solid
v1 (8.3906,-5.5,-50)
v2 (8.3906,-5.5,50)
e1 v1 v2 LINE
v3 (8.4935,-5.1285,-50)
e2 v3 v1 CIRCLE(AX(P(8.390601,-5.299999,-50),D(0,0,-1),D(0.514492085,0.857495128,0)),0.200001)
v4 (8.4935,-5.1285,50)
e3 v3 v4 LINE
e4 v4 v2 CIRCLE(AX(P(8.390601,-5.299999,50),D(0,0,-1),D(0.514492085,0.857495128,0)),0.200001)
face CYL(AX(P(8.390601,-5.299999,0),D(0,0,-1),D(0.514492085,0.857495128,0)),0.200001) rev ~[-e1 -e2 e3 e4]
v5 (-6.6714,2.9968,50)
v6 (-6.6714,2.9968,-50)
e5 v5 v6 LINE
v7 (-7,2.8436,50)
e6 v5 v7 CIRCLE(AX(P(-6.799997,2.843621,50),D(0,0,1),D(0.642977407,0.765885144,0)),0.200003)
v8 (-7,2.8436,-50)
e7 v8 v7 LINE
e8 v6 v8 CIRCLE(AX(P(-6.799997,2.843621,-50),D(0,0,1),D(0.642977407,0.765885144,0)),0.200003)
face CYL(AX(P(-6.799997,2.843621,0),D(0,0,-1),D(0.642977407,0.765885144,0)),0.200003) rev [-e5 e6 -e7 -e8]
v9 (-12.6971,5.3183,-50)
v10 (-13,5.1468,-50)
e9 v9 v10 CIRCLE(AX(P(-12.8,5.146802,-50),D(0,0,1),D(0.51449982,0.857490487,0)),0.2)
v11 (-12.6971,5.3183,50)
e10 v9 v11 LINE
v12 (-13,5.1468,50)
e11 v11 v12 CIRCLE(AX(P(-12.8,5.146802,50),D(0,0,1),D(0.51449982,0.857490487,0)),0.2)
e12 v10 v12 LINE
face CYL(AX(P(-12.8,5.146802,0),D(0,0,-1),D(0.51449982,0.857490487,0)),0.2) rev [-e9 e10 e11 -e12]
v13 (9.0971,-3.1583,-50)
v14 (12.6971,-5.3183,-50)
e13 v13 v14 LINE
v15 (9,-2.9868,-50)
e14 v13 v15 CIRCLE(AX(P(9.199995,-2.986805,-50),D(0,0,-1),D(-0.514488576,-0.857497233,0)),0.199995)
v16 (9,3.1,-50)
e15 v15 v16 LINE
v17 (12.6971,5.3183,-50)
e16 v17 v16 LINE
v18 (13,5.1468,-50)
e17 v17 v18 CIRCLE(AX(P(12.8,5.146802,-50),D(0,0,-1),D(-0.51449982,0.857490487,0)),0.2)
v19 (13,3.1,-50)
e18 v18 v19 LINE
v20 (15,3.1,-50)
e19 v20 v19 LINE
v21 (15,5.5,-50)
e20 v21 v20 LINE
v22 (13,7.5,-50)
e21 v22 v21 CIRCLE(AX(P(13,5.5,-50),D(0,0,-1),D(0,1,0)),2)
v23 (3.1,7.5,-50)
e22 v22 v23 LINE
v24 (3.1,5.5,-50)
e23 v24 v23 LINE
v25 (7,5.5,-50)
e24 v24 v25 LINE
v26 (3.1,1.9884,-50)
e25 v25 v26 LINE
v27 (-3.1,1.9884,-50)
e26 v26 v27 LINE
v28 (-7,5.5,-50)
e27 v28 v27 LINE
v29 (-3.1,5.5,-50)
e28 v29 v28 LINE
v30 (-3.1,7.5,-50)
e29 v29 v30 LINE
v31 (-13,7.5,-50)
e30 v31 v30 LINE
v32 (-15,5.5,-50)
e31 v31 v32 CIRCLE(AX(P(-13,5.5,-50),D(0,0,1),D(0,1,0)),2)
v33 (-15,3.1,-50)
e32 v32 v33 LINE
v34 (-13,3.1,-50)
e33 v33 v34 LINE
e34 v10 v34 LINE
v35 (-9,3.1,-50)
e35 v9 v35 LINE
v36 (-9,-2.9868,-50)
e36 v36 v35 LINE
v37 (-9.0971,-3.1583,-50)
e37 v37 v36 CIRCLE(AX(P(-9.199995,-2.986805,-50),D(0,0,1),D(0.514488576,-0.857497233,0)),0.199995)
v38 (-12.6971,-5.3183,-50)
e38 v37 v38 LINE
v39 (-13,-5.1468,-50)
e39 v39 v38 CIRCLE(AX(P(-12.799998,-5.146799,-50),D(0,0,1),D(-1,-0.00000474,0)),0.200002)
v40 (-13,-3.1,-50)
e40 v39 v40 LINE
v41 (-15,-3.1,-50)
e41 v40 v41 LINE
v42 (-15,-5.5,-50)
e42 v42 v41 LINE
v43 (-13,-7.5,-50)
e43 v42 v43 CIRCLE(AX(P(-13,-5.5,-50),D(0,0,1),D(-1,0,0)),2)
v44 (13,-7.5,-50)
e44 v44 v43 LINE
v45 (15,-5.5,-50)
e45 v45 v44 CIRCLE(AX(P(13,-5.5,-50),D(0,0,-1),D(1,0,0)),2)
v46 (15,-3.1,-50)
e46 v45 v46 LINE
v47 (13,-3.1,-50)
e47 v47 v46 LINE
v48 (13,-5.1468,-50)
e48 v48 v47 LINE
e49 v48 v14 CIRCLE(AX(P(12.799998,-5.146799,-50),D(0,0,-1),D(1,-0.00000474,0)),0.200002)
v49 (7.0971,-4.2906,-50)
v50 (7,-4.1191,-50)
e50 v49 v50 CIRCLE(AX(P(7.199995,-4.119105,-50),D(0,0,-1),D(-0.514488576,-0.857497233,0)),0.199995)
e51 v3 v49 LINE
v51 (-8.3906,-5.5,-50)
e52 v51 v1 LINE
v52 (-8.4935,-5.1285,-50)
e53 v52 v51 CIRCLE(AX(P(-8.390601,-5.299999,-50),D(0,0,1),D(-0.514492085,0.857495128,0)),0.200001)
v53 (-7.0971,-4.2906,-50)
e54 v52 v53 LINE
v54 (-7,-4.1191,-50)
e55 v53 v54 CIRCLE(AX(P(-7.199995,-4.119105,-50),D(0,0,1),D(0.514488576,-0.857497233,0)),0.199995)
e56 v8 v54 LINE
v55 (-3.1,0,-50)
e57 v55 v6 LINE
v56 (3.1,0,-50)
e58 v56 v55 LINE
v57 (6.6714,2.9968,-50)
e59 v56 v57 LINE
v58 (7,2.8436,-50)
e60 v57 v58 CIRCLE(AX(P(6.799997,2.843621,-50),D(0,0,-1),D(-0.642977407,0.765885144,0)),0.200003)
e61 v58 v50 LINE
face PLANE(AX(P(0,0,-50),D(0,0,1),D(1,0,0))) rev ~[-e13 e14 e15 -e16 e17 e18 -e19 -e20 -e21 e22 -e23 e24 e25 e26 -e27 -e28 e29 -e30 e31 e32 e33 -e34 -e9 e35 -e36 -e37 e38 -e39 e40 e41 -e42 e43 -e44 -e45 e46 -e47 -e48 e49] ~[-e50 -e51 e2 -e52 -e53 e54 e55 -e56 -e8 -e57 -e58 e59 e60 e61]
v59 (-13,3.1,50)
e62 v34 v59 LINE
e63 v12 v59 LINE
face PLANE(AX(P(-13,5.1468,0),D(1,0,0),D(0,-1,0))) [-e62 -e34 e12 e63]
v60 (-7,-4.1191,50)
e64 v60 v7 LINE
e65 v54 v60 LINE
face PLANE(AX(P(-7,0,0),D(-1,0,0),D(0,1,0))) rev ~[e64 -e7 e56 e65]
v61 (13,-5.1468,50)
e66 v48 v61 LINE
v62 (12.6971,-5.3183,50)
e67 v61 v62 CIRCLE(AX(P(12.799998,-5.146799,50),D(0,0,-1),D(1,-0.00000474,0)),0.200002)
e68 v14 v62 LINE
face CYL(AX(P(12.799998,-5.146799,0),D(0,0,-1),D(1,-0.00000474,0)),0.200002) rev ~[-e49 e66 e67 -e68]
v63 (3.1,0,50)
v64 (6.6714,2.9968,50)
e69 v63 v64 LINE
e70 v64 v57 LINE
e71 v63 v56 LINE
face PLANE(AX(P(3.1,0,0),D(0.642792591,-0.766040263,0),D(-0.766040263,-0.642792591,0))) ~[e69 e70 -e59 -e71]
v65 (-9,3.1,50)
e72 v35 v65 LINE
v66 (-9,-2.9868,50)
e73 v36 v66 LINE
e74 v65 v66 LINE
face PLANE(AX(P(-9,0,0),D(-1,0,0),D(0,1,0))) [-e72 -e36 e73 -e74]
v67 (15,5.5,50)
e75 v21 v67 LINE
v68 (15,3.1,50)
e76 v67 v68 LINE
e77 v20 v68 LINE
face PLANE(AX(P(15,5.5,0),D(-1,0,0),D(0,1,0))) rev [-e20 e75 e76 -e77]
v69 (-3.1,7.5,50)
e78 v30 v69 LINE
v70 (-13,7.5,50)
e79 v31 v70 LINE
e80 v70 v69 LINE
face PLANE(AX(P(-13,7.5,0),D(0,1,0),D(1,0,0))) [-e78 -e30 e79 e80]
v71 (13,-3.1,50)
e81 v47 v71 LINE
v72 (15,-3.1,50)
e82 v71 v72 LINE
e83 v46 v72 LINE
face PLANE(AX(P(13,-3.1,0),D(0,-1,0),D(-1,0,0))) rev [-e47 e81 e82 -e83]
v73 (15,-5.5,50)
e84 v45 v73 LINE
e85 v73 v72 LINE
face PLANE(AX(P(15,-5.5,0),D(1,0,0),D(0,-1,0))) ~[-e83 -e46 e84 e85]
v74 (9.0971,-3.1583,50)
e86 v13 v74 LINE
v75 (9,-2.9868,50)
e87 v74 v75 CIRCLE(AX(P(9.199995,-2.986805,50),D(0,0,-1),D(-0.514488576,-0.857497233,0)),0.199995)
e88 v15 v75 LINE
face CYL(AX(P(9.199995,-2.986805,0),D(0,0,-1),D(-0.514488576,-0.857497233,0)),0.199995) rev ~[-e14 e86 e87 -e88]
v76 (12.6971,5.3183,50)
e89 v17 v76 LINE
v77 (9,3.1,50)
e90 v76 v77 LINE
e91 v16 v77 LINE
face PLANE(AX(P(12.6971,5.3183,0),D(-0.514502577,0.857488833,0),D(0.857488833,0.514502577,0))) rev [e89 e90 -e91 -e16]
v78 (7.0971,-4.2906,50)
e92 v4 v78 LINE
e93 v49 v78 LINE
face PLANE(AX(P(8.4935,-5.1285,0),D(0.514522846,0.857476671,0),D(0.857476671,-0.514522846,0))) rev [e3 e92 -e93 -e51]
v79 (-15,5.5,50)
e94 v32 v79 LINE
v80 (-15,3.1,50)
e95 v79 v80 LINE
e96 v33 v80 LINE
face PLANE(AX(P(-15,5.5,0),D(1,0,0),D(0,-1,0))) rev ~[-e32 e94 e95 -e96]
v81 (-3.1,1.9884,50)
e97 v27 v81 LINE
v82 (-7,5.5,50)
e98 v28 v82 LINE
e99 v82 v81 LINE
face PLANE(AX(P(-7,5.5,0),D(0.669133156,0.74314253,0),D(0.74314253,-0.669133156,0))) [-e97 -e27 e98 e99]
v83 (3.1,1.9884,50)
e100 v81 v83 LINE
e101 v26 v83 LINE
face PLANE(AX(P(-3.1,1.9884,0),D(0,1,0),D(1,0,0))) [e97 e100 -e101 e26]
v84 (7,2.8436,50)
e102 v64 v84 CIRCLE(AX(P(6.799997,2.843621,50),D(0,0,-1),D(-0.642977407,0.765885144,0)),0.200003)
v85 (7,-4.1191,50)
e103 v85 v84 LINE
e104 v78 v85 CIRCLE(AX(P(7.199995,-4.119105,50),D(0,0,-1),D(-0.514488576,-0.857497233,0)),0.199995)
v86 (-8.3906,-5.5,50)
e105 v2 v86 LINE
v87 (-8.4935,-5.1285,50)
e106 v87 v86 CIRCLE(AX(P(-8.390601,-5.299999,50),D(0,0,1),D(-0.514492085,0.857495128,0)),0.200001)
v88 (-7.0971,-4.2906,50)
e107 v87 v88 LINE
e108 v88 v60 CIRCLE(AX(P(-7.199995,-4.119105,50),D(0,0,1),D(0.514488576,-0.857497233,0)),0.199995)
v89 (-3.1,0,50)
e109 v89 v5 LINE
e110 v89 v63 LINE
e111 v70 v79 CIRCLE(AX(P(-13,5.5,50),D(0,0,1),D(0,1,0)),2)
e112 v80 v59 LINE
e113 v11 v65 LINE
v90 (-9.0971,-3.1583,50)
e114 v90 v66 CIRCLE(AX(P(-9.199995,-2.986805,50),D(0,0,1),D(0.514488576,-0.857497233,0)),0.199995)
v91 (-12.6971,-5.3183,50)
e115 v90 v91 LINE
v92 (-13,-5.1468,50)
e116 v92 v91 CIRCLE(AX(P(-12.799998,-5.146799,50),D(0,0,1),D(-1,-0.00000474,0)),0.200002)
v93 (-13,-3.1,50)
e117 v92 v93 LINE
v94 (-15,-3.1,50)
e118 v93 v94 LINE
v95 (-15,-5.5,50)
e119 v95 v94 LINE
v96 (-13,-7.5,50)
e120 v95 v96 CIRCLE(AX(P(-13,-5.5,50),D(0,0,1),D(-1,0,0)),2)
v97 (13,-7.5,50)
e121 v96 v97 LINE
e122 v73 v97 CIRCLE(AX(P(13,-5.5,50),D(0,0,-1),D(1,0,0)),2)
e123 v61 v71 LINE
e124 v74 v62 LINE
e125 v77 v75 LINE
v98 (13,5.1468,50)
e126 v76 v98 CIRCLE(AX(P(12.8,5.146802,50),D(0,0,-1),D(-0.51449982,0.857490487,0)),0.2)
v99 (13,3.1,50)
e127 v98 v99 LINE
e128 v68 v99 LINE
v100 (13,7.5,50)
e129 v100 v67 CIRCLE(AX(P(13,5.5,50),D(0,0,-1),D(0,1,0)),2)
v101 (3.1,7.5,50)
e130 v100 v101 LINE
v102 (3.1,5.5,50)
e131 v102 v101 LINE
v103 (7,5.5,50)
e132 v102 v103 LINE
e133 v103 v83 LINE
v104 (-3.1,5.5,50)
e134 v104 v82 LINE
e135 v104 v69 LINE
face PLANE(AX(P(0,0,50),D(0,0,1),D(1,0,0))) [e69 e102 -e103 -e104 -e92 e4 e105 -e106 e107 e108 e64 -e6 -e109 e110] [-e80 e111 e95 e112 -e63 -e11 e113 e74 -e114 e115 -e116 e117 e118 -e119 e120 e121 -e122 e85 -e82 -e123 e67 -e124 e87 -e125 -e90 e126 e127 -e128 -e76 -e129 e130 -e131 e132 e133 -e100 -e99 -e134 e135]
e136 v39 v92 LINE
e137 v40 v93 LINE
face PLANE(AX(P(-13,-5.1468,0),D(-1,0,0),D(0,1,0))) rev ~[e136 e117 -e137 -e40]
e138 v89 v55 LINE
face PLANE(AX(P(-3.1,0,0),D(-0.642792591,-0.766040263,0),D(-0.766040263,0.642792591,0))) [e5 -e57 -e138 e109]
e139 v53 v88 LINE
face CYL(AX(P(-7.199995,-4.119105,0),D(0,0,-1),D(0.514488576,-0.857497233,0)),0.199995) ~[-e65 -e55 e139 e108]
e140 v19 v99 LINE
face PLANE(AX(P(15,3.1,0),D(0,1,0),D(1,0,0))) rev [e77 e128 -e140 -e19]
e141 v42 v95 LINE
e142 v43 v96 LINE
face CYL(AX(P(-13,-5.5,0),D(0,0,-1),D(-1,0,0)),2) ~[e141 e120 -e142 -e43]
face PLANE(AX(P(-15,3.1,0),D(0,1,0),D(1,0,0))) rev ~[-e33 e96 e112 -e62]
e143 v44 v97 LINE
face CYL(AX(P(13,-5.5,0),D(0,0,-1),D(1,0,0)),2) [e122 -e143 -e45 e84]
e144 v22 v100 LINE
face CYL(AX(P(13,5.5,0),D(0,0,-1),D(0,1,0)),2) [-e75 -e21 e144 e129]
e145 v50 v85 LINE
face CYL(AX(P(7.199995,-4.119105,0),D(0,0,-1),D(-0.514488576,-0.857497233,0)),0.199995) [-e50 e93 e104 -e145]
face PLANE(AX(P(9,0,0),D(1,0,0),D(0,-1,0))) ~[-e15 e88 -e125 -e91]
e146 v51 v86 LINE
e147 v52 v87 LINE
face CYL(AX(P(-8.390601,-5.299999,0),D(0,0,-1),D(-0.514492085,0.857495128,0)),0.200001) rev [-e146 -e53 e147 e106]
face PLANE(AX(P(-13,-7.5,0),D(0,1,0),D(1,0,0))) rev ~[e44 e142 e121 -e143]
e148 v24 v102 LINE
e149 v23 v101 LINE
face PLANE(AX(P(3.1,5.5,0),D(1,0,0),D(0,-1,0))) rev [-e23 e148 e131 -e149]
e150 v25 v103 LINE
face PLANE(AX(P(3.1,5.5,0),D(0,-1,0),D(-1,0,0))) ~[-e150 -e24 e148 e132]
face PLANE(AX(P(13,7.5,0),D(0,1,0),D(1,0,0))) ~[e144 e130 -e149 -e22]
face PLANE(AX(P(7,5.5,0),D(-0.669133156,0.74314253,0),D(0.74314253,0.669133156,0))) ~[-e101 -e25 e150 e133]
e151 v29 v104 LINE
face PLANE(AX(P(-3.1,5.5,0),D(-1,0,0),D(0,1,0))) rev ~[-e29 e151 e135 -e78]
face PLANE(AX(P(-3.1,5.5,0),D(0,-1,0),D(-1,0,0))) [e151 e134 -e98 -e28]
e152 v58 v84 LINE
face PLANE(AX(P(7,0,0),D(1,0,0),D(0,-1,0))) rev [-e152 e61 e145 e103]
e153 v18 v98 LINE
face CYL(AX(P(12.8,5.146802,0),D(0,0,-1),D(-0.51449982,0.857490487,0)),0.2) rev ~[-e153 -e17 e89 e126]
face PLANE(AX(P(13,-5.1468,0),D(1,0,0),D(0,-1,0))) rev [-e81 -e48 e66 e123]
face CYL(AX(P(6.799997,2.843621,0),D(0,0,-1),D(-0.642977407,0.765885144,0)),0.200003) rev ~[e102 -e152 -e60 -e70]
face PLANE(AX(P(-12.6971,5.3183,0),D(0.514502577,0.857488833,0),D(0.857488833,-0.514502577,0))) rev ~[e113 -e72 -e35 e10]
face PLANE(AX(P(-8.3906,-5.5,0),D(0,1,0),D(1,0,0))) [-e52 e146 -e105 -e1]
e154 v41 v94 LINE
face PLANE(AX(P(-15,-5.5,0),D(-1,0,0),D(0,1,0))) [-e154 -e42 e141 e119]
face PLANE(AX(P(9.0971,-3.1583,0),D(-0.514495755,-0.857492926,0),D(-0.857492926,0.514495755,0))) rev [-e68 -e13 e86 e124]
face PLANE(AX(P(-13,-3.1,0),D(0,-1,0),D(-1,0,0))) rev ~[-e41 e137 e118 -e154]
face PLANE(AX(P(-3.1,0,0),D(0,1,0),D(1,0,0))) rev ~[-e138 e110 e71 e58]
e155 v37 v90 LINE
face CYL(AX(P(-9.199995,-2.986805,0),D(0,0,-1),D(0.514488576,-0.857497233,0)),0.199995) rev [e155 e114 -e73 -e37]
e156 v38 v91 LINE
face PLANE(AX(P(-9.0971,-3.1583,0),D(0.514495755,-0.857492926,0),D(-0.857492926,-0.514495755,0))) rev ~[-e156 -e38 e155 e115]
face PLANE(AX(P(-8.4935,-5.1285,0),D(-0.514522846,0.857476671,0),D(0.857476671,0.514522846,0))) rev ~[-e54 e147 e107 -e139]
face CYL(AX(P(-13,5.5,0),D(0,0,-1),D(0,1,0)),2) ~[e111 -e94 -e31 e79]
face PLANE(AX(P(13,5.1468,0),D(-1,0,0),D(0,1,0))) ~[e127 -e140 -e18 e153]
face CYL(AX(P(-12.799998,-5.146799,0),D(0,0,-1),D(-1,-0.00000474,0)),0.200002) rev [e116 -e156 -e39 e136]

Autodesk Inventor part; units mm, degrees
ref_plane "YZ Plane" through (0, 0, 0) normal (1, 0, 0) x (0, 1, 0)
ref_plane "XZ Plane" through (0, 0, 0) normal (0, 1, 0) x (-1, 0, 0)
ref_plane "XY Plane" through (0, 0, 0) normal (0, 0, 1) x (1, 0, 0)
sketch "Sketch1" plane through (0, 0, 0) normal (0, 0, 1) x (1, 0, 0)
  line L0 (-15, 7.5) -> (15, 7.5) construction
  line L1 (0, 11.0799) -> (0, -11.0799) projected
  line L2 (-15, 7.5) -> (-15, -7.5) construction
  line L3 (-15, 3.1) -> (-15, -3.1) construction
  line L4 (-15, 7.5) -> (-15, 3.1) construction
  line L5 (-15, 7.5) -> (-3.1, 7.5) construction
  line L6 (-15, 3.1) -> (-13, 3.1)
  line L7 (-3.1, 5.5) -> (-3.1, 7.5)
  line L8 (-13, 3.1) -> (-13, 5.5) construction
  line L9 (-15, 3.1) -> (-9, 3.1) construction
  line L10 (-13, 5.5) -> (-9, 3.1) construction
  line L11 (-9, 0) -> (-9, 3.1)
  line L12 (-21.4971, 0) -> (21.0828, 0) projected
  line L13 (-9, 0) -> (-9, -3.1) construction
  line L14 (-9, -3.1) -> (-13, -5.5) construction
  line L15 (-13, -5.5) -> (-13, -3.1) construction
  line L16 (-13, -3.1) -> (-15, -3.1)
  line L17 (-15, -3.1) -> (-15, -7.5) construction
  line L18 (-15, -7.5) -> (0, -7.5) construction
  line L19 (0, -7.5) -> (0, -5.5)
  line L20 (0, -5.5) -> (-9.1127, -5.5) construction
  line L21 (-9.1127, -5.5) -> (-7, -4.2324) construction
  line L22 (-7, -4.2324) -> (-7, 3.2725) construction
  line L23 (0, 0) -> (-3.1, 0)
  line L24 (-7, 3.2725) -> (-3.1, 0) construction
  line L25 (-3.1, 5.5) -> (-7, 5.5)
  line L26 (-7, 5.5) -> (-3.1, 1.9884)
  line L27 (-3.1, 1.9884) -> (0, 1.9884)
  line L28 (0, 1.9884) -> (0, 0)
  arc A0 (-13, 7.5) -> (-15, 5.5) centre (-13, 5.5) ccw
  line L29 (-13, 7.5) -> (-3.1, 7.5)
  line L30 (-15, 5.5) -> (-15, 3.1)
  arc A1 (-12.6971, 5.3183) -> (-13, 5.1468) centre (-12.8, 5.1468) ccw
  line L31 (-13, 5.1468) -> (-13, 3.1)
  line L32 (-12.6971, 5.3183) -> (-9, 3.1)
  arc A2 (-13, -5.1468) -> (-12.6971, -5.3183) centre (-12.8, -5.1468) ccw
  line L33 (-13, -5.1468) -> (-13, -3.1)
  line L34 (-12.6971, -5.3183) -> (-9, -3.1) construction
  arc A3 (-15, -5.5) -> (-13, -7.5) centre (-13, -5.5) ccw
  line L35 (-15, -5.5) -> (-15, -3.1)
  line L36 (-13, -7.5) -> (0, -7.5)
  arc A4 (-8.4935, -5.1285) -> (-8.3906, -5.5) centre (-8.3906, -5.3) ccw
  line L37 (-8.4935, -5.1285) -> (-7, -4.2324) construction
  line L38 (-8.3906, -5.5) -> (0, -5.5)
  arc A5 (-7.0971, -4.2906) -> (-7, -4.1191) centre (-7.2, -4.1191) ccw
  line L39 (-8.4935, -5.1285) -> (-7.0971, -4.2906)
  line L40 (-7, -4.1191) -> (-7, 3.2725) construction
  arc A6 (-9.0971, -3.1583) -> (-9, -2.9868) centre (-9.2, -2.9868) ccw
  line L41 (-9, -2.9868) -> (-9, 0)
  line L42 (-9.0971, -3.1583) -> (-12.6971, -5.3183)
  arc A7 (-6.6714, 2.9968) -> (-7, 2.8436) centre (-6.8, 2.8436) ccw
  line L43 (-7, -4.1191) -> (-7, 2.8436)
  line L44 (-3.1, 0) -> (-6.6714, 2.9968)
  line L45 (-3.1, 0) -> (0, 0)
  point P0 (0, 7.5)
  point P1 (-15, 0)
  dimension "d0" = 7.5
  dimension "d1" = 30
  dimension "d2" = 15
  dimension "d3" = 6.2
  dimension "d4" = 3.1
  dimension "d5" = 2
  dimension "d6" = 2.4
  dimension "d7" = 6
  dimension "d8" = 3.1
  dimension "d9" = 2
  dimension "d10" = 2
  dimension "d11" = 2
  dimension "d12" = 50
  dimension "d13" = 2
  dimension "outer_angle" = 2
  dimension "inner_angle" = 0.2
  dimension "d18" = 0.2
  dimension "d19" = 2
  dimension "d20" = 0.2
  dimension "d21" = 0.2
  dimension "d22" = 0.2
  dimension "d23" = 0.2
extrude "Extrusion2" add sketch "Sketch1" along normal mid plane 100 contours L1 L12 L44 A7 L43 L11 L32 A1 L31 L6 L30 A0 L29 L7 L25 L26 L27 | L1 L36 A3 L35 L16 L33 A2 L42 A6 L41 L12 L43 A5 L39 A4 L38
mirror "Mirror2" about plane through (0, 0, 0) normal (1, 0, 0) of "Extrusion2"
equation "\"d18\" = inner_angle"
equation "\"d19\" = outer_angle"
equation "\"d20\" = inner_angle"
equation "\"d21\" = inner_angle"
equation "\"d22\" = inner_angle"
equation "\"d23\" = inner_angle"
